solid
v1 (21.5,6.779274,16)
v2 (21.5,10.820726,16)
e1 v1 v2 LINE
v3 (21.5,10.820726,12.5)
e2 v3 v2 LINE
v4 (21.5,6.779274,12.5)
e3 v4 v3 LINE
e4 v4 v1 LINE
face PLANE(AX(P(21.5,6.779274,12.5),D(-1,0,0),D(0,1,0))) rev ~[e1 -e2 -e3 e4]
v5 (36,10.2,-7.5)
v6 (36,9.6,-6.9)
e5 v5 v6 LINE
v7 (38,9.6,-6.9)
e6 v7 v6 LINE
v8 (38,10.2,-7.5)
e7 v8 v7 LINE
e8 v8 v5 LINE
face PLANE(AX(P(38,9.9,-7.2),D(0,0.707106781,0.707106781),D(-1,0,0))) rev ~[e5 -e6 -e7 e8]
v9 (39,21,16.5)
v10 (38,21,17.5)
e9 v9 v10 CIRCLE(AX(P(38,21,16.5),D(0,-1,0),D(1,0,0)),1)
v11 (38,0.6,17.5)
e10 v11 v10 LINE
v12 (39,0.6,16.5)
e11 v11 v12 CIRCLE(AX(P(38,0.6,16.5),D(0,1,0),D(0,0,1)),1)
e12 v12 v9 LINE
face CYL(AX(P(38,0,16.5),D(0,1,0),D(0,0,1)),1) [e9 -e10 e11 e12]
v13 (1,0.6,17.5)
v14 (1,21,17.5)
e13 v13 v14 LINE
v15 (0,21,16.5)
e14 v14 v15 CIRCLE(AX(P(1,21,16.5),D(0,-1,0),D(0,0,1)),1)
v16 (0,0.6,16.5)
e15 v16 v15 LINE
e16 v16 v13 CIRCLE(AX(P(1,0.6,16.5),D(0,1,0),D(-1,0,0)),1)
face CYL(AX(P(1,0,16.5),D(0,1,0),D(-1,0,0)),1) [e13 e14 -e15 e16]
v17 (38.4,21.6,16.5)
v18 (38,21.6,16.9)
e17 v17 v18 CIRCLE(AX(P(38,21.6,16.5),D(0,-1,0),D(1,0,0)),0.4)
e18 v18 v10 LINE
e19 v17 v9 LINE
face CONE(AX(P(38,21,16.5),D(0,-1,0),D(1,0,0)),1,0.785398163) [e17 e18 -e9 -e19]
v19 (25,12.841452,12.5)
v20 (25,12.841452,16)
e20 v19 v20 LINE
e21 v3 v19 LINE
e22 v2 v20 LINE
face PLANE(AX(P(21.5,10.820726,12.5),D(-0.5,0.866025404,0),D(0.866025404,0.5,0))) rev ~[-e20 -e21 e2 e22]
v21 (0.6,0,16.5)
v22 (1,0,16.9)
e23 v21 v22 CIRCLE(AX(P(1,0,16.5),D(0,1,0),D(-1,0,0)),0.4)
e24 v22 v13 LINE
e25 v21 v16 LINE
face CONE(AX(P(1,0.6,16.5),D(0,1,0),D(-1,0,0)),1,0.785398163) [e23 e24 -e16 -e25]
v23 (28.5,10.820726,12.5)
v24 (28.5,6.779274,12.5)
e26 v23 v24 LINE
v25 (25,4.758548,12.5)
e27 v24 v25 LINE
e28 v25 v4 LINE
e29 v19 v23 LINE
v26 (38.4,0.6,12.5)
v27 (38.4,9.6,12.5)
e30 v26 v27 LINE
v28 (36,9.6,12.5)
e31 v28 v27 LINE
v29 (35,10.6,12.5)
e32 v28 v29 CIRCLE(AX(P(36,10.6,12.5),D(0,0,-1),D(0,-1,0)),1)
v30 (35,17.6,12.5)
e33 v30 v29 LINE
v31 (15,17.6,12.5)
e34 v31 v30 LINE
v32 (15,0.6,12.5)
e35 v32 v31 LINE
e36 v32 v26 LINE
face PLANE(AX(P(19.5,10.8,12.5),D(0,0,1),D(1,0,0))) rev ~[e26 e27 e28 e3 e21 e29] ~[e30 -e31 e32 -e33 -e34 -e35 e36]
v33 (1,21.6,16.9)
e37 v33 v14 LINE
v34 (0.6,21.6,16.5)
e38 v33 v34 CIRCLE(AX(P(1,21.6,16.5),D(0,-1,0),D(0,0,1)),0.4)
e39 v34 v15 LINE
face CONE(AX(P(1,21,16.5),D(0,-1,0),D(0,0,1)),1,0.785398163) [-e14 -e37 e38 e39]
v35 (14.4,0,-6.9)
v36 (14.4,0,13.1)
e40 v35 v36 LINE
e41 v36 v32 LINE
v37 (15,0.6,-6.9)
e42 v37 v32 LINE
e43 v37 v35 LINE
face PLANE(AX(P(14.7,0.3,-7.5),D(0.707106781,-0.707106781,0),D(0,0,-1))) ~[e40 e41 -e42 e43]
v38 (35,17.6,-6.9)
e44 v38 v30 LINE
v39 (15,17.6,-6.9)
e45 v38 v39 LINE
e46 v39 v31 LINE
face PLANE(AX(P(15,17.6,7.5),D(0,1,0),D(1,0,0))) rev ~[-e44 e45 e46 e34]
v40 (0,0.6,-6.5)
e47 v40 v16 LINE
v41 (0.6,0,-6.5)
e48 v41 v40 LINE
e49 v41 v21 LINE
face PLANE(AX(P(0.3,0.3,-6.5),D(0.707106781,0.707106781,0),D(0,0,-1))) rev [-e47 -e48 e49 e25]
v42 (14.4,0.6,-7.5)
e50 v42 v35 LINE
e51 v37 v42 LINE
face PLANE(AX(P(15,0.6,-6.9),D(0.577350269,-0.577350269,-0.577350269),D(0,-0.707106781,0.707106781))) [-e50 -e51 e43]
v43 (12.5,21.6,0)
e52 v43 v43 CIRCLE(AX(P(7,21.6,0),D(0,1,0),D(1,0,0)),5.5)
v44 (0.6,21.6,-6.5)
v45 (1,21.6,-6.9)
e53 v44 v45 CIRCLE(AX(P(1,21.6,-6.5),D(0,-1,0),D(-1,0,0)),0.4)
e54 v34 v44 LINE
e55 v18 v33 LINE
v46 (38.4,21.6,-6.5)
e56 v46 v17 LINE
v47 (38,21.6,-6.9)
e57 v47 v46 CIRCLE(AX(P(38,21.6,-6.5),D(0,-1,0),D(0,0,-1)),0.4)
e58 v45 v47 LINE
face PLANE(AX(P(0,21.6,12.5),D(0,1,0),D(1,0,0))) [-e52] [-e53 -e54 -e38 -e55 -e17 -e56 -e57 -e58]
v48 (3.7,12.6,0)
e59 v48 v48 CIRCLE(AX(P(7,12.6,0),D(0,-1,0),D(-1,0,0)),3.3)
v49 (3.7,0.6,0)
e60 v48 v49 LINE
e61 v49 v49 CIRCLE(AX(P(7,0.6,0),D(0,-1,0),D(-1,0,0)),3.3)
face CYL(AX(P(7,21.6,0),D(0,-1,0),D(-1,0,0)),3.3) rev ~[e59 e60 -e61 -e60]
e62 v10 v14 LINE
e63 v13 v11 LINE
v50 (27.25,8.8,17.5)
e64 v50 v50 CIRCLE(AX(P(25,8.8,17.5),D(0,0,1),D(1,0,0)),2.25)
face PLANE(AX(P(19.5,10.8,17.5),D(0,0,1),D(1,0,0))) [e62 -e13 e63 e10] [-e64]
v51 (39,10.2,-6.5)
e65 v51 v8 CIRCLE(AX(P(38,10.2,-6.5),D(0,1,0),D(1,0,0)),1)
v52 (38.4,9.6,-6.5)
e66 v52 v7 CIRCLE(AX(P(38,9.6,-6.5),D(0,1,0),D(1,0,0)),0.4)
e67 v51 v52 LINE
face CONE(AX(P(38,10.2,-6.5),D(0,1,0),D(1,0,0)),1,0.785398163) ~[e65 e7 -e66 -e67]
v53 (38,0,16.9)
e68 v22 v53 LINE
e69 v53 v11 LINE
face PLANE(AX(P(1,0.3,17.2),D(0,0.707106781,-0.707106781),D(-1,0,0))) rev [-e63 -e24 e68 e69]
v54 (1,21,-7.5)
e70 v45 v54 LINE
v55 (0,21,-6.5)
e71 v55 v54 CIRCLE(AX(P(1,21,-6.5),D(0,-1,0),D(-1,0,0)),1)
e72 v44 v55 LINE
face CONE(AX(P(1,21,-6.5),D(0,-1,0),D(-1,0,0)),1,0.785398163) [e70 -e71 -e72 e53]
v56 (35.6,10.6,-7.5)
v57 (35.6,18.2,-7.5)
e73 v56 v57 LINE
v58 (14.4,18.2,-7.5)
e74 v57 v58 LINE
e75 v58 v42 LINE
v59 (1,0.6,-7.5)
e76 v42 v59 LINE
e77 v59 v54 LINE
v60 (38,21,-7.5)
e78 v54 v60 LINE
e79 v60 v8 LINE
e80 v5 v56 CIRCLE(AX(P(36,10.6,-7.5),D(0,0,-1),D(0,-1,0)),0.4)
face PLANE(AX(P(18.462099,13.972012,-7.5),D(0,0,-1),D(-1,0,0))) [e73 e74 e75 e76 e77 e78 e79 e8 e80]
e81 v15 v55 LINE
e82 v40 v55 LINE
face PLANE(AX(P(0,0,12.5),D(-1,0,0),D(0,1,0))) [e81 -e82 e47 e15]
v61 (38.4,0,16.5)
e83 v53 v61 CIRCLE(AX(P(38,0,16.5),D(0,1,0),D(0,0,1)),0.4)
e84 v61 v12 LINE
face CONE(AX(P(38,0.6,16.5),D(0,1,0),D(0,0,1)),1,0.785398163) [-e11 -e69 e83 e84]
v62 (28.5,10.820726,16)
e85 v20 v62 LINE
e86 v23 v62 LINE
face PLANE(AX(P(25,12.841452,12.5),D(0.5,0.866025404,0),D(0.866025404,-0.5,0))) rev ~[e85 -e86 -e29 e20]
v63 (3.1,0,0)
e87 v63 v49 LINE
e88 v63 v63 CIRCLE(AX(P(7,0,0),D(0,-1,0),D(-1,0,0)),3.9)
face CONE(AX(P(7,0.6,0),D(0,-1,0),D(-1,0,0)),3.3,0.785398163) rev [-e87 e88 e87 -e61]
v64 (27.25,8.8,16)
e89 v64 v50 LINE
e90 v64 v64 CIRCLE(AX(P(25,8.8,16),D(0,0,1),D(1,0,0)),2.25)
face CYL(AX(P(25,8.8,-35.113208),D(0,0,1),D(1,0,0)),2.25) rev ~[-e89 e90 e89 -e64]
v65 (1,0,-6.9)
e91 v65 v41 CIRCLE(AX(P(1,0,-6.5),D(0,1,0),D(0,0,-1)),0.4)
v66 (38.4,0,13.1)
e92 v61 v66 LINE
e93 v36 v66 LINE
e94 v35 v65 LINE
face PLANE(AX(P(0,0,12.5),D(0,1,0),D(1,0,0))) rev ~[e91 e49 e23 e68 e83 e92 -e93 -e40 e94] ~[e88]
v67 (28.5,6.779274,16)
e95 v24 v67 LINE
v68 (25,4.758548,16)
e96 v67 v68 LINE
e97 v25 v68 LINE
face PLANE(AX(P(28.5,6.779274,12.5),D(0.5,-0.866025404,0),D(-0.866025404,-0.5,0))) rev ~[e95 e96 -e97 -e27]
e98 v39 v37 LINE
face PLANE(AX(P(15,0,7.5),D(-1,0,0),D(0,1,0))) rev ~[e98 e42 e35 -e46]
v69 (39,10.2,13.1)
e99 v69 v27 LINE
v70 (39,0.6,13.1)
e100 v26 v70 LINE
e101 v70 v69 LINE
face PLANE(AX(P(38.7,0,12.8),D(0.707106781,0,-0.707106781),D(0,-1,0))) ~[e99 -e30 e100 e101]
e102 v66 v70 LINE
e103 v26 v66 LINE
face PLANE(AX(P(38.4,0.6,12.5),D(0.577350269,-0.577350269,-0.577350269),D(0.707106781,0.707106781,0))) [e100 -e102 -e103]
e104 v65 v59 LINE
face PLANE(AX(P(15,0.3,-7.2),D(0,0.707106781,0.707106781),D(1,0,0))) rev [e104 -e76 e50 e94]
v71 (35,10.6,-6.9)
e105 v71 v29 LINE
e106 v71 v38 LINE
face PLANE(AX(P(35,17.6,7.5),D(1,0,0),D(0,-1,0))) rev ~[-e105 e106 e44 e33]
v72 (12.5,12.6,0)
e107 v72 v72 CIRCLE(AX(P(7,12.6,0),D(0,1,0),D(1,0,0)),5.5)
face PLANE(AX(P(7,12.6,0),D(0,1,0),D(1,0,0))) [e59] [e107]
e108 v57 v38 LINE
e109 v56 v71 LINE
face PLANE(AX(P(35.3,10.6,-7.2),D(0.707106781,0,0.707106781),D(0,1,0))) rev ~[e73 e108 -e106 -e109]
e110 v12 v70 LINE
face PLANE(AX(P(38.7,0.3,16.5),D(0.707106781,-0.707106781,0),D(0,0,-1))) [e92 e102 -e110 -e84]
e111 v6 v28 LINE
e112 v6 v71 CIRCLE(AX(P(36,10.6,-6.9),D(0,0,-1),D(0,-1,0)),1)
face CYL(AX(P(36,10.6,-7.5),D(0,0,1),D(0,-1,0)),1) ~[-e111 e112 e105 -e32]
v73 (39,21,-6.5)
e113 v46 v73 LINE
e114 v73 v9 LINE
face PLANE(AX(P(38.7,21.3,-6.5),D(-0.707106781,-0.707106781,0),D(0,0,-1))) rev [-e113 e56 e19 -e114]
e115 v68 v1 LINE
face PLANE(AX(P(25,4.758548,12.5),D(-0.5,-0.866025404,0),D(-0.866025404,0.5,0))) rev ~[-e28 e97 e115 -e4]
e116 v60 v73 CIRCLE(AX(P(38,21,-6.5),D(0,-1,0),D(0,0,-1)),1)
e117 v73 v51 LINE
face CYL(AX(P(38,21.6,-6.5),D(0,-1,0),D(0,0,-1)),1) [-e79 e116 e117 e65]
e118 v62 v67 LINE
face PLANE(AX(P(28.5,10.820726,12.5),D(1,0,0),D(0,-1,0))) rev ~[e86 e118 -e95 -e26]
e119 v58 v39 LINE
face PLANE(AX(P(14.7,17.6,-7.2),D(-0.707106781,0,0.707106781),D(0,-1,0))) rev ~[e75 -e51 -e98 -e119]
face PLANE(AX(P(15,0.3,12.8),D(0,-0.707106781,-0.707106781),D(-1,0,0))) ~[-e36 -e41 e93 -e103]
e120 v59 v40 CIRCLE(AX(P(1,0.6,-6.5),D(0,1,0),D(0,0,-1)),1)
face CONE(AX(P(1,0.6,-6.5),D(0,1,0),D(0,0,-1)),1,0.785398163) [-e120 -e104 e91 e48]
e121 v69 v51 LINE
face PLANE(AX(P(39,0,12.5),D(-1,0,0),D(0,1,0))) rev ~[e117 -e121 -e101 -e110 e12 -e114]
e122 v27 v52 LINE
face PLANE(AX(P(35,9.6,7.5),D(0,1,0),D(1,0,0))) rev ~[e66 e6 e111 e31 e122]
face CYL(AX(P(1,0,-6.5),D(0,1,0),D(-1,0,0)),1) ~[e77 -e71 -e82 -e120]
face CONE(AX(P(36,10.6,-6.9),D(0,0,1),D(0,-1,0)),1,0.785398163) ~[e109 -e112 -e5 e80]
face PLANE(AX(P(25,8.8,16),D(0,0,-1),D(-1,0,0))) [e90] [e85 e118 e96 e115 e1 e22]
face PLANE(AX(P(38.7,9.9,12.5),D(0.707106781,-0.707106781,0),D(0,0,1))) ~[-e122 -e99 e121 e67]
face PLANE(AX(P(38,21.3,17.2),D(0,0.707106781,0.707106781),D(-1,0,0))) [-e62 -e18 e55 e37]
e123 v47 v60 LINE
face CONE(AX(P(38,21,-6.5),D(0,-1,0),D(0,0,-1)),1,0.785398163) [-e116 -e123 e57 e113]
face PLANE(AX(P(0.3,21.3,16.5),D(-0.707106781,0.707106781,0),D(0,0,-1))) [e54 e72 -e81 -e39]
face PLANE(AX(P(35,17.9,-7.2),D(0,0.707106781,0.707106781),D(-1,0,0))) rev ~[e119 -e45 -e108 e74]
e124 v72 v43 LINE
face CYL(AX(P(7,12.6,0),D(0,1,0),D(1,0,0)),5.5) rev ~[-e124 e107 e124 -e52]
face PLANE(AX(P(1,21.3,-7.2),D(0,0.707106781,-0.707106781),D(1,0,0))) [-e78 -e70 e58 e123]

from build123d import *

# Parameters (mm, degrees)
BOSS_EXTRUDE1_DEPTH                                 = 7.5
CBORE_FOR_M6_HEX_SOCKET_HEAD_CAP_SCREW1_D           = 6.6
CBORE_FOR_M6_HEX_SOCKET_HEAD_CAP_SCREW1_CBORE_D     = 11
CBORE_FOR_M6_HEX_SOCKET_HEAD_CAP_SCREW1_CBORE_DEPTH = 9
BOSS_EXTRUDE2_DEPTH                                 = 5
SKETCH6_W                                           = 39
SKETCH6_H                                           = 21.6
BOSS_EXTRUDE3_DEPTH                                 = 5
CUT_EXTRUDE1_DEPTH                                  = 3.5
M4_CLEARANCE_HOLE1_D                                = 4.5
FILLET1_R                                           = 1
CHAMFER1_SIZE                                       = 0.6


with BuildPart() as part:
    # Sketch1 → Boss-Extrude1 (new, symmetric)
    with BuildSketch(Plane.XY):
        Polygon((0, 0), (0, 21.6), (39, 21.6), (39, 9.6), (35, 9.6), (35, 17.6), (15, 17.6), (15, 0), align=None)
    extrude(amount=BOSS_EXTRUDE1_DEPTH, both=True)

    # CBORE for M6 Hex Socket Head Cap Screw1 (through all)
    with Locations(Plane(origin=(0, 21.6, 0), x_dir=(1, 0, 0), z_dir=(0, 1, 0))):
        with Locations((7, 0)):
            CounterBoreHole(CBORE_FOR_M6_HEX_SOCKET_HEAD_CAP_SCREW1_D / 2, CBORE_FOR_M6_HEX_SOCKET_HEAD_CAP_SCREW1_CBORE_D / 2, CBORE_FOR_M6_HEX_SOCKET_HEAD_CAP_SCREW1_CBORE_DEPTH)

    # Sketch5 → Boss-Extrude2 (add)
    with BuildSketch(Plane.XY.offset(7.5)):
        Polygon((0, 0), (15, 0), (15, 17.6), (35, 17.6), (35, 9.6), (39, 9.6), (39, 21.6), (0, 21.6), align=None)
    extrude(amount=BOSS_EXTRUDE2_DEPTH)

    # Sketch6 → Boss-Extrude3 (add)
    with BuildSketch(Plane.XY.offset(12.5)):
        with Locations((19.5, 10.8)):
            Rectangle(SKETCH6_W, SKETCH6_H)
    extrude(amount=BOSS_EXTRUDE3_DEPTH)

    # Sketch7 → Cut-Extrude1 (cut)
    with BuildSketch(Plane(origin=(0, 0, 12.5), x_dir=(-1, 0, 0), z_dir=(0, 0, -1))):
        Polygon((-25, 4.758548116), (-21.5, 6.779274058), (-21.5, 10.820725942), (-25, 12.841451884), (-28.5, 10.820725942), (-28.5, 6.779274058), align=None)
    extrude(amount=-CUT_EXTRUDE1_DEPTH, mode=Mode.SUBTRACT)

    # M4 Clearance Hole1 (through all)
    with Locations(Plane(origin=(0, 0, 16), x_dir=(-1, 0, 0), z_dir=(0, 0, -1))):
        with Locations((-25, 8.8)):
            Hole(M4_CLEARANCE_HOLE1_D / 2)

    # Fillet1
    fillet1_edges = [part.edges().sort_by_distance(p)[0] for p in [
        (35, 9.6, 2.5),
        (0, 10.8, 17.5),
        (39, 10.8, 17.5),
        (0, 10.8, -7.5),
        (39, 15.6, -7.5),
    ]]
    fillet(fillet1_edges, radius=FILLET1_R)

    # Chamfer1
    chamfer1_edges = [part.edges().sort_by_distance(p)[0] for p in [
        (0.292893219, 21.6, -7.207106781),
        (38.707106781, 21.6, 17.207106781),
        (35, 14.1, -7.5),
        (38.707106781, 21.6, -7.207106781),
        (8, 0, -7.5),
        (37, 9.6, -7.5),
        (35.292893219, 9.892893219, -7.5),
        (25, 17.6, -7.5),
        (38.707106781, 9.6, -7.207106781),
        (19.5, 0, 17.5),
        (0, 0, 5),
        (15, 8.8, -7.5),
        (0.292893219, 0, 17.207106781),
        (0.292893219, 0, -7.207106781),
        (38.707106781, 0, 17.207106781),
        (39, 9.6, 3),
        (15, 0, 2.5),
        (10.3, 0, 0),
        (27, 0, 12.5),
        (39, 4.8, 12.5),
        (39, 21.6, 5),
        (39, 0, 14.5),
        (19.5, 21.6, -7.5),
        (0, 21.6, 5),
        (19.5, 21.6, 17.5),
        (0.292893219, 21.6, 17.207106781),
    ]]
    chamfer(chamfer1_edges, length=CHAMFER1_SIZE)


solid = part.part
